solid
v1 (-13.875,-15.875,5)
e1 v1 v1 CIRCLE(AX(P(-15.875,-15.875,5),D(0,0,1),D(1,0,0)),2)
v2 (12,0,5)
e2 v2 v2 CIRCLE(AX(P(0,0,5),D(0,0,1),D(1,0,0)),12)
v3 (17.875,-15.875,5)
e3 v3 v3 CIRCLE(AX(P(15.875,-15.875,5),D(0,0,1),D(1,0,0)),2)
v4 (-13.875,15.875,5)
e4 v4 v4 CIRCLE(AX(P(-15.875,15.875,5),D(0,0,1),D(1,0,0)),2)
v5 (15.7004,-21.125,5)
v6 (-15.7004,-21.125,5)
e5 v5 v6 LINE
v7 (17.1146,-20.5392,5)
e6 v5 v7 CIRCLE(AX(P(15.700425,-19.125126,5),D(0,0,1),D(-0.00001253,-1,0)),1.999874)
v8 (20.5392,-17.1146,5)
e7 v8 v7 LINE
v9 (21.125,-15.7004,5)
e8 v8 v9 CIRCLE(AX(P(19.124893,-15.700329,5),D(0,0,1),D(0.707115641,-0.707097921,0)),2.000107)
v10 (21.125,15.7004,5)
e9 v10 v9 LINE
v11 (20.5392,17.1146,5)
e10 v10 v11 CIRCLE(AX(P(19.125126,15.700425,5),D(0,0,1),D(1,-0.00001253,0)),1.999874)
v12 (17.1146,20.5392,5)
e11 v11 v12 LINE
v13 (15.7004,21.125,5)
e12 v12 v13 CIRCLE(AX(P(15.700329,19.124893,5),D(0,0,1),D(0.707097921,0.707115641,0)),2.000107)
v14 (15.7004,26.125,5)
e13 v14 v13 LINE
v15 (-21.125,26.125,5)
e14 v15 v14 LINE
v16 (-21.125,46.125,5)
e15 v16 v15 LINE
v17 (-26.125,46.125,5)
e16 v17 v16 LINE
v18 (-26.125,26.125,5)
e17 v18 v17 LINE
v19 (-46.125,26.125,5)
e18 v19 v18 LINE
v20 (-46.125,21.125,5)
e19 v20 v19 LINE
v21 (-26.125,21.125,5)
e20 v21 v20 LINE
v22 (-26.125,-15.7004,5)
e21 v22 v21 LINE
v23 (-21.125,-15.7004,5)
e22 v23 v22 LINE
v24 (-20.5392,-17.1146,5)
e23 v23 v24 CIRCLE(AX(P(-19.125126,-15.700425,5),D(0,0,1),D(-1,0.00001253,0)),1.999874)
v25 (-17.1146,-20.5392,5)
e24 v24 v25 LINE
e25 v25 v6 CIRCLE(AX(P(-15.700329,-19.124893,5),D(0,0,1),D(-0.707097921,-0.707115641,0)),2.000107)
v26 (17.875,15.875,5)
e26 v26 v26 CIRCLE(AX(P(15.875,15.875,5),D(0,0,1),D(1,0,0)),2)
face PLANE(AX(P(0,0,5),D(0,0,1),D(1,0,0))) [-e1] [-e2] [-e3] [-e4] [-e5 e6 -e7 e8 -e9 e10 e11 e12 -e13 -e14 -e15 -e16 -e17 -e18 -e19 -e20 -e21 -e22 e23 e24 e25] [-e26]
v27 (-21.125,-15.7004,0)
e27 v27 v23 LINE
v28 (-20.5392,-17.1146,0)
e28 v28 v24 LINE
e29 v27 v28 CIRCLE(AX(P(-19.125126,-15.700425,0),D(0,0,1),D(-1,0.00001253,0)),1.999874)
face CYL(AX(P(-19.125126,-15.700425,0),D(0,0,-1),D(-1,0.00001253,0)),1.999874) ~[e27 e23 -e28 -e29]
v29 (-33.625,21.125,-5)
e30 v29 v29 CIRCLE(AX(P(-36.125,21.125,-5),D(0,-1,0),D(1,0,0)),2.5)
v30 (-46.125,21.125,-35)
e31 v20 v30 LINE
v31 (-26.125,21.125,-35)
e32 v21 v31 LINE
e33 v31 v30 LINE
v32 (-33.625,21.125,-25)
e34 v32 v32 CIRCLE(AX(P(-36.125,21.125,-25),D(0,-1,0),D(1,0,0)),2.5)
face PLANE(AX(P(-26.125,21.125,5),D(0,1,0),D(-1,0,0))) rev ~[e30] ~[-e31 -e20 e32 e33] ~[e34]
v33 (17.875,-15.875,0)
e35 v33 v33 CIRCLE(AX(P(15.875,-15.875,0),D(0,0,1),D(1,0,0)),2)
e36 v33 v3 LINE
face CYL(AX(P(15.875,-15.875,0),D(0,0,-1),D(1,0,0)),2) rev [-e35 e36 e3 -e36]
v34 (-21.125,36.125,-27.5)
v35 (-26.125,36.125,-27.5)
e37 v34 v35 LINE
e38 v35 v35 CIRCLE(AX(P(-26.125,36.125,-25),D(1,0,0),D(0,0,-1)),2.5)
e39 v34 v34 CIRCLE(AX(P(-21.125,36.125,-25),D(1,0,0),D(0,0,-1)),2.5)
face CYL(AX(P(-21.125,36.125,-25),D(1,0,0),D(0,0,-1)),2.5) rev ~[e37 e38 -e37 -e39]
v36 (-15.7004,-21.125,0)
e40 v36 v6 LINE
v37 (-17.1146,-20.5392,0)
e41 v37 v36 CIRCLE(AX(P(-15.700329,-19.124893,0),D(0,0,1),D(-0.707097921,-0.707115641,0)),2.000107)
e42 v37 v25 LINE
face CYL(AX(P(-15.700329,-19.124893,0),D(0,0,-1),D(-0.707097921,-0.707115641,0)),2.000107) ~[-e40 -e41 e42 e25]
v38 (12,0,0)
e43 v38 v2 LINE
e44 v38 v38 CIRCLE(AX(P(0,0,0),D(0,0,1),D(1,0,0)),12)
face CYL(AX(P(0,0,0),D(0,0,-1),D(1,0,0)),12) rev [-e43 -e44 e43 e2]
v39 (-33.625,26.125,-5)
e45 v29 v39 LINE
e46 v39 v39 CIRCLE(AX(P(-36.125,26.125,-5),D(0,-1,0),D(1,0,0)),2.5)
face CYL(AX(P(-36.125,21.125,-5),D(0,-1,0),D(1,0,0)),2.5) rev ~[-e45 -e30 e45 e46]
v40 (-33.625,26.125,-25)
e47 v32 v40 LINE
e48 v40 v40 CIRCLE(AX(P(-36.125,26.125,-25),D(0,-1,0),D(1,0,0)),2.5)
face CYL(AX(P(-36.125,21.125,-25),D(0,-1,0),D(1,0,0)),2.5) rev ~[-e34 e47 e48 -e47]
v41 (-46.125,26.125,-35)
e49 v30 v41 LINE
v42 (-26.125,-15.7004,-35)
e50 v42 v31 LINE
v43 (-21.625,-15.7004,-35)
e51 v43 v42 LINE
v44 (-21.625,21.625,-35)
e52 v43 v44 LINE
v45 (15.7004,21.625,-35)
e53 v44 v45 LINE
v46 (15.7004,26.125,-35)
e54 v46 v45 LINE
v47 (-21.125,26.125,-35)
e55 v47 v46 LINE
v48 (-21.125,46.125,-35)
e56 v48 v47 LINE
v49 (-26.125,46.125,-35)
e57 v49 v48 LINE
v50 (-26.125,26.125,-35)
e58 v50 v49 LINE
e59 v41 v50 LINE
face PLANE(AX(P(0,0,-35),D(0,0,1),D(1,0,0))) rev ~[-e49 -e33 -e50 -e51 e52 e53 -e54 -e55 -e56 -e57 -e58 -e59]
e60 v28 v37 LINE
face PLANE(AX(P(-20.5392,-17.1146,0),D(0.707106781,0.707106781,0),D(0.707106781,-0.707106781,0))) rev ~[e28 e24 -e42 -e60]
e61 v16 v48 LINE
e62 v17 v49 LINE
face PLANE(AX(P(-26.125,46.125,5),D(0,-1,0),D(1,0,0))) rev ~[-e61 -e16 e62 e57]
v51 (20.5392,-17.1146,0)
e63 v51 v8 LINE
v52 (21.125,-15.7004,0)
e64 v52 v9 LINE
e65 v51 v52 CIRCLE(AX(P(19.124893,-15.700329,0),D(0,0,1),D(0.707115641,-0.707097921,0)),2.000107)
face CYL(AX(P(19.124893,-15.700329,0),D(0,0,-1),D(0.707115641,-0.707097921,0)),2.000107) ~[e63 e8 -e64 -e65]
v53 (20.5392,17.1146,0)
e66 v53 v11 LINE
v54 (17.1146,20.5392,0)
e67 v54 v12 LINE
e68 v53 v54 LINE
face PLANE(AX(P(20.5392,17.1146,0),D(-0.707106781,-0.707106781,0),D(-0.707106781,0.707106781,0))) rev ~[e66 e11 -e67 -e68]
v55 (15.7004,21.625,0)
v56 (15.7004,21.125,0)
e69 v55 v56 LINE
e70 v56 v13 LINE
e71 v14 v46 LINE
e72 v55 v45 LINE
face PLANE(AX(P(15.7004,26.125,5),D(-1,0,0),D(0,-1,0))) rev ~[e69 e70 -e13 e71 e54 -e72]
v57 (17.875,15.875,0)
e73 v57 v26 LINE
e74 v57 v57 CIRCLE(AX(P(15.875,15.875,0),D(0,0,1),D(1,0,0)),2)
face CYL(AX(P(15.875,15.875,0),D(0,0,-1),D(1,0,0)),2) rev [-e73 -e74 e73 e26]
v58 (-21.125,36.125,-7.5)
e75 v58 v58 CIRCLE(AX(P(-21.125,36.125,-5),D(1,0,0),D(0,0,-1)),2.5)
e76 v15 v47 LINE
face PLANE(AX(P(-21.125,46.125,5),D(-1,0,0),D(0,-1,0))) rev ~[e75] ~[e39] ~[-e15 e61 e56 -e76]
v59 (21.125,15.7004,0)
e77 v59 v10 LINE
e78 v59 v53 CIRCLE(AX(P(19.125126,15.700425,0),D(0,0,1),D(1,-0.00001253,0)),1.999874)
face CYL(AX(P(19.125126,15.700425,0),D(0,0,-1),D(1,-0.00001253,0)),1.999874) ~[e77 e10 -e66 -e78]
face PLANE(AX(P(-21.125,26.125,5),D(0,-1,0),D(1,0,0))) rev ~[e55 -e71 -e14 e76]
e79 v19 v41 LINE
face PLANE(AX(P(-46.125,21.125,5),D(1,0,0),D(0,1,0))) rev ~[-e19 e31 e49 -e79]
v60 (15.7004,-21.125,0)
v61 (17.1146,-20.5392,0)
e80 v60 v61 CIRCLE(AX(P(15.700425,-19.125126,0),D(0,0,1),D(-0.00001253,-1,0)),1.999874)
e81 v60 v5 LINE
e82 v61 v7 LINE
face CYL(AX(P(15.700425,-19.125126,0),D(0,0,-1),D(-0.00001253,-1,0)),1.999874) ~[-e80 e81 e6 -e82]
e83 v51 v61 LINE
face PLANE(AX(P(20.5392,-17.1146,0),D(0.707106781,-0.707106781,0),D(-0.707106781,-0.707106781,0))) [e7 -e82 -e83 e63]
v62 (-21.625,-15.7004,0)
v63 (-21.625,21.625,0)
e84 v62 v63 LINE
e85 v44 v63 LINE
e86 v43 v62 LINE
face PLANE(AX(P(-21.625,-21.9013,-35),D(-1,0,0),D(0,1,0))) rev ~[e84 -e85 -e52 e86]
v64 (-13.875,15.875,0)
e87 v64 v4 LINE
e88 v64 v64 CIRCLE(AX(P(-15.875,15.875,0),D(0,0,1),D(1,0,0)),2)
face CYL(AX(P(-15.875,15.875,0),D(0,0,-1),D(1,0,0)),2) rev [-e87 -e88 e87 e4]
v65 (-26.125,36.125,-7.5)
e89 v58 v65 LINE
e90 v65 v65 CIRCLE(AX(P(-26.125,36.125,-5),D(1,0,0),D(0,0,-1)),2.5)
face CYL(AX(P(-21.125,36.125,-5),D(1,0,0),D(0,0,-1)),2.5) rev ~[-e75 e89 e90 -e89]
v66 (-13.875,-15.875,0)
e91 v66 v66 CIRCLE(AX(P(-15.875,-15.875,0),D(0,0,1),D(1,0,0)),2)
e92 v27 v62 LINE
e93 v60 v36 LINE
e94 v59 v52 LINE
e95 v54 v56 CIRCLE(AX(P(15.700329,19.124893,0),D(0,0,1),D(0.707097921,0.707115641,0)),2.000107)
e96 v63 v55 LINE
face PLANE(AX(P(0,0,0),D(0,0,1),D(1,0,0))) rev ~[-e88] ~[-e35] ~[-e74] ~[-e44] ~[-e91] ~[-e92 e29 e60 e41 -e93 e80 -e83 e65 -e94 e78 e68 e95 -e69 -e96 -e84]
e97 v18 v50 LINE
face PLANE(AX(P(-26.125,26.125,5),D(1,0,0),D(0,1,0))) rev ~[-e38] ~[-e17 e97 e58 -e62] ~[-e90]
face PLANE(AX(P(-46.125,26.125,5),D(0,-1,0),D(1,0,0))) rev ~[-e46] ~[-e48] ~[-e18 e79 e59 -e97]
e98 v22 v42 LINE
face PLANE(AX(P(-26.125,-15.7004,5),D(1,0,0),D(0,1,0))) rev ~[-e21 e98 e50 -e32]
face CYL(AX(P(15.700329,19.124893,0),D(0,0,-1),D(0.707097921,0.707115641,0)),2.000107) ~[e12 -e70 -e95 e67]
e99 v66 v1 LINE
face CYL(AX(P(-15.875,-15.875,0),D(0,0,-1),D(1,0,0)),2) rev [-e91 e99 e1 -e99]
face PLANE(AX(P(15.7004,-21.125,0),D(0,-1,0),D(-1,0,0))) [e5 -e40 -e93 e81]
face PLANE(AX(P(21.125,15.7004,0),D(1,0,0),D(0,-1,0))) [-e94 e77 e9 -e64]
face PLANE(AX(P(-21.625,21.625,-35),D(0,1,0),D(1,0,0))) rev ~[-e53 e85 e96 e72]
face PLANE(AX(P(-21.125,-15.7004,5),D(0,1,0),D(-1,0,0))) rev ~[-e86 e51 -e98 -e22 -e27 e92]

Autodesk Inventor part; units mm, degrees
ref_plane "YZ Plane" through (0, 0, 0) normal (1, 0, 0) x (0, 1, 0)
ref_plane "XZ Plane" through (0, 0, 0) normal (0, 1, 0) x (-1, 0, 0)
ref_plane "XY Plane" through (0, 0, 0) normal (0, 0, 1) x (1, 0, 0)
sketch "Sketch1" plane through (0, 0, 0) normal (0, 0, 1) x (1, 0, 0)
  arc A0 (-20.5392, 17.1146) -> (-21.125, 15.7004) centre (-19.125, 15.7004) ccw projected
  line L0 (-21.125, -15.7004) -> (-21.125, 15.7004) projected
  arc A1 (-21.125, -15.7004) -> (-20.5392, -17.1146) centre (-19.125, -15.7004) ccw projected
  line L1 (-20.5392, -17.1146) -> (-17.1146, -20.5392) projected
  arc A2 (-17.1146, -20.5392) -> (-15.7004, -21.125) centre (-15.7004, -19.125) ccw projected
  line L2 (15.7004, -21.125) -> (-15.7004, -21.125) projected
  arc A3 (15.7004, -21.125) -> (17.1146, -20.5392) centre (15.7004, -19.125) ccw projected
  line L3 (20.5392, -17.1146) -> (17.1146, -20.5392) projected
  arc A4 (20.5392, -17.1146) -> (21.125, -15.7004) centre (19.125, -15.7004) ccw projected
  line L4 (21.125, 15.7004) -> (21.125, -15.7004) projected
  arc A5 (21.125, 15.7004) -> (20.5392, 17.1146) centre (19.125, 15.7004) ccw projected
  line L5 (20.5392, 17.1146) -> (17.1146, 20.5392) projected
  arc A6 (17.1146, 20.5392) -> (15.7004, 21.125) centre (15.7004, 19.125) ccw projected
  line L6 (-15.7004, 21.125) -> (15.7004, 21.125) projected
  arc A7 (-15.7004, 21.125) -> (-17.1146, 20.5392) centre (-15.7004, 19.125) ccw projected
  line L7 (-20.5392, 17.1146) -> (-17.1146, 20.5392) projected
  circle A8 centre (0, 0) radius 16 projected
  circle A9 centre (-15.875, -15.875) radius 1.625 projected
  circle A10 centre (15.875, 15.875) radius 1.625 projected
  circle A11 centre (-15.875, 15.875) radius 1.625 projected
  circle A12 centre (15.875, -15.875) radius 1.625 projected
  circle A13 centre (0, 0) radius 12
  circle A14 centre (-15.875, 15.875) radius 2
  circle A15 centre (15.875, 15.875) radius 2
  circle A16 centre (15.875, -15.875) radius 2
  circle A17 centre (-15.875, -15.875) radius 2
  point P0 (0, 0)
  dimension "d0" = 24
  dimension "d1" = 4
  dimension "d2" = 4
  dimension "d3" = 4
  dimension "d4" = 4
extrude "Extrusion1" add sketch "Sketch1" along normal blind 5 contours L7 A7 L6 A6 L5 A5 L4 A4 L3 A3 L2 A2 L1 A1 L0 A0 | A8
sketch "Sketch3" plane through (0, 0, 5) normal (0, 0, 1) x (1, 0, 0)
  line L0 (-15.7004, 21.125) -> (15.7004, 21.125) projected
  line L1 (15.7004, 21.125) -> (-46.125, 21.125)
  line L2 (-46.125, 21.125) -> (-46.125, 26.125)
  line L3 (-46.125, 26.125) -> (15.7004, 26.125)
  line L4 (15.7004, 26.125) -> (15.7004, 21.125)
  line L5 (-21.125, 15.7004) -> (-21.125, -15.7004) projected
  line L6 (-21.125, -15.7004) -> (-26.125, -15.7004)
  line L7 (-26.125, -15.7004) -> (-26.125, 46.125)
  line L8 (-26.125, 46.125) -> (-21.125, 46.125)
  line L9 (-21.125, 46.125) -> (-21.125, -15.7004)
  point P0 (0, 0)
  dimension "d11" = 5
  dimension "d12" = 5
  dimension "d13" = 20
  dimension "d14" = 20
extrude "Extrusion3" add sketch "Sketch3" against normal blind 40
sketch "Sketch4" plane through (0, 0, 5) normal (0, 0, 1) x (1, 0, 0)
  arc A0 (-15.7004, 21.125) -> (-17.1146, 20.5392) centre (-15.7004, 19.125) ccw projected
  line L0 (-17.1146, 20.5392) -> (-20.5392, 17.1146) projected
  arc A1 (-20.5392, 17.1146) -> (-21.125, 15.7004) centre (-19.125, 15.7004) ccw projected
  line L1 (-21.125, 21.125) -> (-21.125, 15.7004) projected
  line L2 (-15.7004, 21.125) -> (-21.125, 21.125) projected
  circle A2 centre (0, 0) radius 12 projected
  circle A3 centre (-15.875, -15.875) radius 2 projected
  circle A4 centre (15.875, -15.875) radius 2 projected
  circle A5 centre (15.875, 15.875) radius 2 projected
  circle A6 centre (-15.875, 15.875) radius 2 projected
  line L3 (15.7004, 26.125) -> (15.7004, 21.125) projected
  line L4 (-21.125, 26.125) -> (15.7004, 26.125) projected
  line L5 (-21.125, 46.125) -> (-21.125, 26.125) projected
  line L6 (-26.125, 46.125) -> (-21.125, 46.125) projected
  line L7 (-26.125, 26.125) -> (-26.125, 46.125) projected
  line L8 (-46.125, 26.125) -> (-26.125, 26.125) projected
  line L9 (-46.125, 21.125) -> (-46.125, 26.125) projected
  line L10 (-26.125, 21.125) -> (-46.125, 21.125) projected
  line L11 (-26.125, -15.7004) -> (-26.125, 21.125) projected
  line L12 (-21.125, -15.7004) -> (-26.125, -15.7004) projected
  arc A7 (-21.125, -15.7004) -> (-20.5392, -17.1146) centre (-19.125, -15.7004) ccw projected
  line L13 (-20.5392, -17.1146) -> (-17.1146, -20.5392) projected
  arc A8 (-17.1146, -20.5392) -> (-15.7004, -21.125) centre (-15.7004, -19.125) ccw projected
  line L14 (-15.7004, -21.125) -> (15.7004, -21.125) projected
  arc A9 (15.7004, -21.125) -> (17.1146, -20.5392) centre (15.7004, -19.125) ccw projected
  line L15 (17.1146, -20.5392) -> (20.5392, -17.1146) projected
  arc A10 (20.5392, -17.1146) -> (21.125, -15.7004) centre (19.125, -15.7004) ccw projected
  line L16 (21.125, -15.7004) -> (21.125, 15.7004) projected
  arc A11 (21.125, 15.7004) -> (20.5392, 17.1146) centre (19.125, 15.7004) ccw projected
  line L17 (20.5392, 17.1146) -> (17.1146, 20.5392) projected
  arc A12 (17.1146, 20.5392) -> (15.7004, 21.125) centre (15.7004, 19.125) ccw projected
  point P0 (0, 0)
extrude "Extrusion4" add sketch "Sketch4" against normal blind 5 contours A0 L0 A1 L1 L2
sketch "Sketch5" plane through (-21.125, 26.125, 5) normal (1, 0, 0) x (0, 0, -1)
  circle A0 centre (10, 10) radius 2.5
  circle A1 centre (30, 10) radius 2.5
  line L0 (0, 20) -> (40, 20) projected
  line L1 (0, 20) -> (0, 0) projected
  point P0 (5, -26.125)
  dimension "d19" = 5
  dimension "d20" = 5
  dimension "d21" = 10
  dimension "d22" = 10
  dimension "d23" = 20
  dimension "d24" = 10
extrude "Extrusion5" cut sketch "Sketch5" against normal through all
sketch "Sketch6" plane through (-46.125, 21.125, 5) normal (0, -1, 0) x (1, 0, 0)
  circle A0 centre (10, -30) radius 2.5
  circle A1 centre (10, -10) radius 2.5
  line L0 (0, 0) -> (0, -40) projected
  line L1 (20, 0) -> (0, 0) projected
  point P0 (46.125, -5)
  dimension "d27" = 10
  dimension "d28" = 10
  dimension "d29" = 5
  dimension "d30" = 5
  dimension "d31" = 20
  dimension "d32" = 10
extrude "Extrusion6" cut sketch "Sketch6" against normal through all
sketch "Sketch7" plane through (0, 0, -35) normal (0, 0, -1) x (-1, 0, 0)
  line L0 (21.625, 21.625) -> (-23.2924, 21.625)
  line L1 (-23.2924, 21.625) -> (-23.2924, -21.9013)
  line L2 (-23.2924, -21.9013) -> (21.625, -21.9013)
  line L3 (21.625, -21.9013) -> (21.625, 21.625)
  line L4 (-15.7004, 21.125) -> (21.125, 21.125) projected
  line L5 (21.125, 21.125) -> (21.125, -15.7004) projected
  point P0 (0, 0)
  dimension "d35" = 0.5
  dimension "d36" = 0.5
extrude "Extrusion7" cut sketch "Sketch7" against normal blind 35
equation "\"d36\" = d35"
properties part number "StepperXYHolder"
